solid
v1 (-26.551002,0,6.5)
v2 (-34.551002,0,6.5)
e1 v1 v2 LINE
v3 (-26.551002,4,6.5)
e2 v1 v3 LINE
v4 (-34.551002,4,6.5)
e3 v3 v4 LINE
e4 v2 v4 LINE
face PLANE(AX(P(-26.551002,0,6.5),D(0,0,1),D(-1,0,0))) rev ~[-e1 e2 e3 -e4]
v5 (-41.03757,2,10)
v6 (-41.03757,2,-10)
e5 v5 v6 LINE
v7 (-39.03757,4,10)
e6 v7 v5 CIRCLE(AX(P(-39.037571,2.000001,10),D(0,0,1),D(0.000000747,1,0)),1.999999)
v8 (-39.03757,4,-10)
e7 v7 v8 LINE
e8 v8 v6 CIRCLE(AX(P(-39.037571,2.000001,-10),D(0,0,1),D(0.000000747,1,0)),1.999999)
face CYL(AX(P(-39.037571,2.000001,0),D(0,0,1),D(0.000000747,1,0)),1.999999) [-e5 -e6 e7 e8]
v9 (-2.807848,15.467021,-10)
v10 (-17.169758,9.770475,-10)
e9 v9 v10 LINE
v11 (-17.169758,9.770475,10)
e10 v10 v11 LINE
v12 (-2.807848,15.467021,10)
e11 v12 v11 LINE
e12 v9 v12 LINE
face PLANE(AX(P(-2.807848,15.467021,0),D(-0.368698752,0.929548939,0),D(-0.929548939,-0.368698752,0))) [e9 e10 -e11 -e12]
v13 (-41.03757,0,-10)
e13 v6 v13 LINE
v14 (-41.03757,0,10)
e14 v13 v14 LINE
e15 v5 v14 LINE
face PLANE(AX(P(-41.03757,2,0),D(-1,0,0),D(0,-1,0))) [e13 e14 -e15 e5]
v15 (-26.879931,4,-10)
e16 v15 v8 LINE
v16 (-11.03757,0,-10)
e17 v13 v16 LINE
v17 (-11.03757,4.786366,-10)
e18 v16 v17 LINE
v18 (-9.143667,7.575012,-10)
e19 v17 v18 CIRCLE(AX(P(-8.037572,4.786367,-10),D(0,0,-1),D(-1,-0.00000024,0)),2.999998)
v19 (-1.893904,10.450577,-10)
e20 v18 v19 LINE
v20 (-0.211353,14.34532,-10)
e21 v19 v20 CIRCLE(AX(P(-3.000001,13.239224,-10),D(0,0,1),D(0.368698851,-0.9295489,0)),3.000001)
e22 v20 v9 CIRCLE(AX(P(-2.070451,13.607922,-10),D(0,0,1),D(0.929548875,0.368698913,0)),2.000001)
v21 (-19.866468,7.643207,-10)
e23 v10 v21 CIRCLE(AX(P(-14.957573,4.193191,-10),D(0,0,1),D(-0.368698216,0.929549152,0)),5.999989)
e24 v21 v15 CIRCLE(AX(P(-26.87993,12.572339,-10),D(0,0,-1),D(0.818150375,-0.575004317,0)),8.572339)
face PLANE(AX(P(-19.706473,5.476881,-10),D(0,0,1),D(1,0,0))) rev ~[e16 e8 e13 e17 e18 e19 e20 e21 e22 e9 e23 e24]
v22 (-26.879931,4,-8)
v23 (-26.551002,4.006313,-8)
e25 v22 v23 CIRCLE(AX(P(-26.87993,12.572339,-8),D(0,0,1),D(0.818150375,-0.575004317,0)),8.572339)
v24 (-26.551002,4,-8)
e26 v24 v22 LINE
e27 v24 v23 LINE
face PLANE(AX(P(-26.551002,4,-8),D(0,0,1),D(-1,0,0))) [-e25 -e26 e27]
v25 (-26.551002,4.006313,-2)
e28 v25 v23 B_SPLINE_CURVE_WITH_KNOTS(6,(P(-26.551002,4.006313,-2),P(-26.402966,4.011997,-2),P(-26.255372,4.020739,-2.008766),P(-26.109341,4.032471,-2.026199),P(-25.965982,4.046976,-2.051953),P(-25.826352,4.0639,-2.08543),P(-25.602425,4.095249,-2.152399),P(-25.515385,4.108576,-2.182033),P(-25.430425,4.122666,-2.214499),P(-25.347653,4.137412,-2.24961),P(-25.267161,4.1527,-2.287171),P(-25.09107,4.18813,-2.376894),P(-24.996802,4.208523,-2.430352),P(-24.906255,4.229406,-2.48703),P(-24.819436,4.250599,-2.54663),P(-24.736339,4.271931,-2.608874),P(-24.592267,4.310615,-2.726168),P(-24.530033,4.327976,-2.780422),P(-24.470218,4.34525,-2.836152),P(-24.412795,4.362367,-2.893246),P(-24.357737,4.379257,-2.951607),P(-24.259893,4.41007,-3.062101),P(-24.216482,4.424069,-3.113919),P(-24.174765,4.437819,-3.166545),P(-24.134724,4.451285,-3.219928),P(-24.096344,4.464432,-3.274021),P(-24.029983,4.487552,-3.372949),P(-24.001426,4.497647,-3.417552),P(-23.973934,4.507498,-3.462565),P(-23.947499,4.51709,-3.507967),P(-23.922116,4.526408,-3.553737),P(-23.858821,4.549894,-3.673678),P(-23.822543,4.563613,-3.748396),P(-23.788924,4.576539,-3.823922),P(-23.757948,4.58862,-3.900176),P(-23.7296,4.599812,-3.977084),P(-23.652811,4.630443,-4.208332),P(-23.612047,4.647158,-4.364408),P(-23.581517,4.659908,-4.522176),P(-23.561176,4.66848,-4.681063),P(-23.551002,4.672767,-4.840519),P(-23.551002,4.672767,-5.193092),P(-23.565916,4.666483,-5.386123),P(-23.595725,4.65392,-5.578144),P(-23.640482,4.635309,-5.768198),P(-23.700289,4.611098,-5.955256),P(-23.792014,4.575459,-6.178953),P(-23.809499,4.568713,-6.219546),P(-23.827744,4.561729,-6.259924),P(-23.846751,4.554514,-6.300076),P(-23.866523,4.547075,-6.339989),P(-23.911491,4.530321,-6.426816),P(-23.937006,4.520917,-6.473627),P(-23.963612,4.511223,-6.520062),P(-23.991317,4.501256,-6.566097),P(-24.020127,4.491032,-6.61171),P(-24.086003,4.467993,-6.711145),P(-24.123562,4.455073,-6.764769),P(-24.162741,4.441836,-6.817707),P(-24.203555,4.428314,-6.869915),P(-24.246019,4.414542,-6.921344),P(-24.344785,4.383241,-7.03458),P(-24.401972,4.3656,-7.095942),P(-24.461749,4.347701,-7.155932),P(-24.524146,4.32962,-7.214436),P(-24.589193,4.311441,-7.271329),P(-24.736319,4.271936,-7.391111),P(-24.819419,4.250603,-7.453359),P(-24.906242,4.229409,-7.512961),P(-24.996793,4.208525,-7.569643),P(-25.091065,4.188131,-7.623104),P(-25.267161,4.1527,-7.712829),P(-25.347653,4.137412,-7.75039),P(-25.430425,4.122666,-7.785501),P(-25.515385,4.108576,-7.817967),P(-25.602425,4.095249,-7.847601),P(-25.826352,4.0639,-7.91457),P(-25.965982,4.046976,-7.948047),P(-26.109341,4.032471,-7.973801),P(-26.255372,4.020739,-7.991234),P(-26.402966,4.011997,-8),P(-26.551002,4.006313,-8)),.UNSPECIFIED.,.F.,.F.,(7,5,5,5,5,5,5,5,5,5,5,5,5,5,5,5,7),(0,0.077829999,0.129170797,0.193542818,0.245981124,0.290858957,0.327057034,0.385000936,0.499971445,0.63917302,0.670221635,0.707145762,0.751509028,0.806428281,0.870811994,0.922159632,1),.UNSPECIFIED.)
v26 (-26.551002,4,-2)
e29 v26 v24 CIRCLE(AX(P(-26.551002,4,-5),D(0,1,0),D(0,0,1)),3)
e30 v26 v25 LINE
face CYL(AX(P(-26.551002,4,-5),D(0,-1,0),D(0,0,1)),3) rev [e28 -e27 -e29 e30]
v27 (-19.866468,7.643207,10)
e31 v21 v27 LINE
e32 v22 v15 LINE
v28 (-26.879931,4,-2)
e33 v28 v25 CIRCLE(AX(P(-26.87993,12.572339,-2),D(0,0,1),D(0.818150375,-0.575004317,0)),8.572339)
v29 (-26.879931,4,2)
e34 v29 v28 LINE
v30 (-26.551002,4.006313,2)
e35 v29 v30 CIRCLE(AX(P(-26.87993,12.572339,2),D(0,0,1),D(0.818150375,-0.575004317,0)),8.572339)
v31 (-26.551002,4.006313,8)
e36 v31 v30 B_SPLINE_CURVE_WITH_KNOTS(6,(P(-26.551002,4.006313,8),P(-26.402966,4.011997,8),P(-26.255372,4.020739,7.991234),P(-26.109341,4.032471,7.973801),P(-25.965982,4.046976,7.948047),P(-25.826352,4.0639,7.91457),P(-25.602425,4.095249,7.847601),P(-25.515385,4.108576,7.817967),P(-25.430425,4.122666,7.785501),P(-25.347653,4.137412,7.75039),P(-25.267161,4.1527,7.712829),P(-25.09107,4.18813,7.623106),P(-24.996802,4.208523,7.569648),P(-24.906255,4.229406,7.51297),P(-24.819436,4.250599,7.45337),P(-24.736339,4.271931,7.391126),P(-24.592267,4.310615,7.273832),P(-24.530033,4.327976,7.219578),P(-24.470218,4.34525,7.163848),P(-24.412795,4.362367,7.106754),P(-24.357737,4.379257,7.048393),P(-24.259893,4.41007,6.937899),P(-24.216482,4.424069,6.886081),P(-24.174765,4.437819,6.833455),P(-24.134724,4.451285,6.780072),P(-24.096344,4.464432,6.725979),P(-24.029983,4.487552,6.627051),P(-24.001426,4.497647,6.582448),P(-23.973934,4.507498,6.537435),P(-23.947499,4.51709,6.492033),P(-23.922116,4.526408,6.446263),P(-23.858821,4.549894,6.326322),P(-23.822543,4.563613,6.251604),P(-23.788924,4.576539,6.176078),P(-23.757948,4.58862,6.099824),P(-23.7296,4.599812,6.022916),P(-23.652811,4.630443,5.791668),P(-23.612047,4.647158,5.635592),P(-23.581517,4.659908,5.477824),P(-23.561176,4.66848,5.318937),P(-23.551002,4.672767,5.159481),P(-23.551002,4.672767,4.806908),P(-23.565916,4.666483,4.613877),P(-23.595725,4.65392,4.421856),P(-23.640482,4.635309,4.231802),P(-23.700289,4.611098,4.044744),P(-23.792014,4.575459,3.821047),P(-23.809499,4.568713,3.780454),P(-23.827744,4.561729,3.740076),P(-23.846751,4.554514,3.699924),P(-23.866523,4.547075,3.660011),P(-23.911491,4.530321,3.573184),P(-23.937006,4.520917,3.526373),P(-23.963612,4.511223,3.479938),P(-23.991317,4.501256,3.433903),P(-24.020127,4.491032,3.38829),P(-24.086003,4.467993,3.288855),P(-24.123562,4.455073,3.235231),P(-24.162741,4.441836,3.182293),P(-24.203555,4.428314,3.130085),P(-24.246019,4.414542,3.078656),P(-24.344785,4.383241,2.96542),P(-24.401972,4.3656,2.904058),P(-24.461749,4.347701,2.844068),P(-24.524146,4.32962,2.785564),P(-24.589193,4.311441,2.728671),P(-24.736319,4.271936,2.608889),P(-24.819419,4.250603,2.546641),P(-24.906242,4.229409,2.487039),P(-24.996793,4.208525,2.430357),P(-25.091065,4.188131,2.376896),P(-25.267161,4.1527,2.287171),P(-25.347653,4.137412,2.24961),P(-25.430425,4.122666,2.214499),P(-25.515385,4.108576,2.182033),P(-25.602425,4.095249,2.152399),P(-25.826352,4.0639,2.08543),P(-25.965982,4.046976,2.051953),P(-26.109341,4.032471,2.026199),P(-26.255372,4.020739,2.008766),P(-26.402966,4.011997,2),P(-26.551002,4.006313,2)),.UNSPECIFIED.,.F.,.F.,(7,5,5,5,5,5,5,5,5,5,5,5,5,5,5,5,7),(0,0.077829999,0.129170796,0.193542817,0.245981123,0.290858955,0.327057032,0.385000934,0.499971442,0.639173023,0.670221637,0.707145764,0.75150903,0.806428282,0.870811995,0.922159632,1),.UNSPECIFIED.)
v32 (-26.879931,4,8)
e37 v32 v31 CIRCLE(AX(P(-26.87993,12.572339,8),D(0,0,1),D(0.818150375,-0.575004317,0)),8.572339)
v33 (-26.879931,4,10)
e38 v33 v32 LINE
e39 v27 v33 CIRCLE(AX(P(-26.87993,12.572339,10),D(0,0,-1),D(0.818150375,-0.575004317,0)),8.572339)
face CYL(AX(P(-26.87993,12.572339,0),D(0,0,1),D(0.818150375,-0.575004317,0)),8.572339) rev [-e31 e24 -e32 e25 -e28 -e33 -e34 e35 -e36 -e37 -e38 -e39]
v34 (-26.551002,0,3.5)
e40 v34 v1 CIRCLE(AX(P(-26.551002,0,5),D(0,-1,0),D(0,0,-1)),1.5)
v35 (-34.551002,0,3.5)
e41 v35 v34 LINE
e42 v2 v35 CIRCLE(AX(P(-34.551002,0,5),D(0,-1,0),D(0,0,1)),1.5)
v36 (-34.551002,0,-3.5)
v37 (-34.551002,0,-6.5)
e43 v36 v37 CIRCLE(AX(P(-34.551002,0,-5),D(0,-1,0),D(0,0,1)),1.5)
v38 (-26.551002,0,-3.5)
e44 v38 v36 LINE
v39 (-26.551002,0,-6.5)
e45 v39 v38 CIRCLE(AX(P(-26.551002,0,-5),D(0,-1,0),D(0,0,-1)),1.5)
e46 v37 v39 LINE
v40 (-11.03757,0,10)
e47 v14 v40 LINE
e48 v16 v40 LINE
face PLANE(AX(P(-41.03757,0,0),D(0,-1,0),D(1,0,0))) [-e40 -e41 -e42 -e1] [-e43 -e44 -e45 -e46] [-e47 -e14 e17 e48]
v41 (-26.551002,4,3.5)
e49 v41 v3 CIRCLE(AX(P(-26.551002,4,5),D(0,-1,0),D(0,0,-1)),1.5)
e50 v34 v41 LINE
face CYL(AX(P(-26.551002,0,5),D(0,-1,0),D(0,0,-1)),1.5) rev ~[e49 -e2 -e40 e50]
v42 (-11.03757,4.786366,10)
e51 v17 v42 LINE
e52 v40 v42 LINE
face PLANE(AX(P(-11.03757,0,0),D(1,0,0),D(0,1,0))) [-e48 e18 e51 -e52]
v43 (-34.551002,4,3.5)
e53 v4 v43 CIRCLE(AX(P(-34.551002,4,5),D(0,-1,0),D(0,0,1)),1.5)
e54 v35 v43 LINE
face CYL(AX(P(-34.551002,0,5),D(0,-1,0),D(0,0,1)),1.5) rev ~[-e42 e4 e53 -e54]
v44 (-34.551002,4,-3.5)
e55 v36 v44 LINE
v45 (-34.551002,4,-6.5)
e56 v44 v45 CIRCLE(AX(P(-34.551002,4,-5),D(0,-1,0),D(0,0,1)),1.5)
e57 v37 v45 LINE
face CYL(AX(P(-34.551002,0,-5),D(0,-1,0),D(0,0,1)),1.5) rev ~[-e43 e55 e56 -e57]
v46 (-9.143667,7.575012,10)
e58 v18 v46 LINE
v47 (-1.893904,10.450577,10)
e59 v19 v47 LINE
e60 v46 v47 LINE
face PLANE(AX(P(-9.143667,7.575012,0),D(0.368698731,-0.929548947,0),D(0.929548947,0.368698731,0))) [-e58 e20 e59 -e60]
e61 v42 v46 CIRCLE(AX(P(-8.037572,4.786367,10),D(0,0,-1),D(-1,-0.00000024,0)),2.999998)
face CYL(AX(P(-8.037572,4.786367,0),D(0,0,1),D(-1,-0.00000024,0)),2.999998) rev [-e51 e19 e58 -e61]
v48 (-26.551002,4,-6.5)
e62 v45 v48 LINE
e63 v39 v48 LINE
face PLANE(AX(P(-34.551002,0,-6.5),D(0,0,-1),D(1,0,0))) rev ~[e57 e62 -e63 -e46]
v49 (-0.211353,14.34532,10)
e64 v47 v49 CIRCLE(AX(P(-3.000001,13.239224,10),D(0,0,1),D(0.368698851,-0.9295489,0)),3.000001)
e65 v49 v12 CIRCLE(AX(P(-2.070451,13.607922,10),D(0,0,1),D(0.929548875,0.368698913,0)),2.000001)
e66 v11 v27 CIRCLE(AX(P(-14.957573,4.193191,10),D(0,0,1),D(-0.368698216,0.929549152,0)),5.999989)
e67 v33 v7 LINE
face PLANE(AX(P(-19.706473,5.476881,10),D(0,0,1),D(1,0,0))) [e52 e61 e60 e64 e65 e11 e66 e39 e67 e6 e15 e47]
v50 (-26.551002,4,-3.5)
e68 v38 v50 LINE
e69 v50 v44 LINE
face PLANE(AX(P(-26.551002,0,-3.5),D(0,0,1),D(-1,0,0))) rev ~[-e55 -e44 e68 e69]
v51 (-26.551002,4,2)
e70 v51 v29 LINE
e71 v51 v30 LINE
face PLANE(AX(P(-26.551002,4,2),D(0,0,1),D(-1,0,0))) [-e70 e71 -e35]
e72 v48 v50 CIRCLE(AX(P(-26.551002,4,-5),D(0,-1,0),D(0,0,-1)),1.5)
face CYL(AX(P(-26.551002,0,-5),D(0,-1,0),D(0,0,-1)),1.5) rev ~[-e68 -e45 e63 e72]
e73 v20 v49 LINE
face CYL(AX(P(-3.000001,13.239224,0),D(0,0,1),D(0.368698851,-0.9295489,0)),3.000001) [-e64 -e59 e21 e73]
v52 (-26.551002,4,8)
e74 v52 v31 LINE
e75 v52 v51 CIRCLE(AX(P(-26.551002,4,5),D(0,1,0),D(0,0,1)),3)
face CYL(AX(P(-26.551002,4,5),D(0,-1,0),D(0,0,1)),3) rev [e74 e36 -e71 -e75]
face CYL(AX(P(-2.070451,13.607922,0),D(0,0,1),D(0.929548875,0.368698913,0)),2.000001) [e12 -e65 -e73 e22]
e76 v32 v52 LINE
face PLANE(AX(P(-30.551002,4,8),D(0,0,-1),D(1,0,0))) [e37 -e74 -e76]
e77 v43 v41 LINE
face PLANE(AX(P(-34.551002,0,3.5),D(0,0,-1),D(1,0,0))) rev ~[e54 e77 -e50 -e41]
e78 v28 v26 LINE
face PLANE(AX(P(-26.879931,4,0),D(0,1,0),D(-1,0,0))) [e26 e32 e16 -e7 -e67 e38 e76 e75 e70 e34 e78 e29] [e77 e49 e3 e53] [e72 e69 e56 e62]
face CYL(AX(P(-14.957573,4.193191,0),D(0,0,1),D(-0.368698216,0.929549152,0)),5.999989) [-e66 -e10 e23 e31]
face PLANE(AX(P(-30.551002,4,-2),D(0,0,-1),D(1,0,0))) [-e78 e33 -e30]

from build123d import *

# Parameters (mm, degrees)
F2_DEPTH = 10
F4_DEPTH = 25
F6_DEPTH = 25


with BuildPart() as f2:
    # F1 (on Top) → F2 (new body, symmetric)
    with BuildSketch(Plane.XY):
        with BuildLine():
            Line((-41.03757, 2), (-41.03757, 0))
            Line((-41.03757, 0), (-11.03757, 0))
            Line((-11.03757, 0), (-11.03757, 4.786366))
            ThreePointArc((-11.03757, 4.786366), (-10.519333, 6.471849), (-9.143667, 7.575012))
            Line((-9.143667, 7.575012), (-1.893904, 10.450577))
            ThreePointArc((-1.893904, 10.450577), (-0.246001, 12.049481), (-0.211353, 14.34532))
            ThreePointArc((-0.211353, 14.34532), (-1.277289, 15.443922), (-2.807848, 15.467021))
            Line((-2.807848, 15.467021), (-17.169758, 9.770475))
            ThreePointArc((-17.169758, 9.770475), (-18.673587, 8.903934), (-19.866468, 7.643207))
            ThreePointArc((-19.866468, 7.643207), (-22.928298, 4.965132), (-26.879931, 4))
            Line((-26.879931, 4), (-39.03757, 4))
            ThreePointArc((-39.03757, 4), (-40.451784, 3.414214), (-41.03757, 2))
        make_face()
    extrude(amount=F2_DEPTH, both=True)

    # F3 (on Front) → F4 (cut)
    with BuildSketch(Plane.XZ):
        with BuildLine():
            ThreePointArc((-34.551002, 6.5), (-36.051002, 5), (-34.551002, 3.5))
            Line((-34.551002, 3.5), (-26.551002, 3.5))
            ThreePointArc((-26.551002, 3.5), (-25.051002, 5), (-26.551002, 6.5))
            Line((-26.551002, 6.5), (-34.551002, 6.5))
        make_face()
        with BuildLine():
            ThreePointArc((-34.551002, -3.5), (-36.051002, -5), (-34.551002, -6.5))
            Line((-34.551002, -6.5), (-26.551002, -6.5))
            ThreePointArc((-26.551002, -6.5), (-25.051002, -5), (-26.551002, -3.5))
            Line((-26.551002, -3.5), (-34.551002, -3.5))
        make_face()
    extrude(amount=-F4_DEPTH, mode=Mode.SUBTRACT)

    # F5 (on face) → F6 (cut)
    with BuildSketch(Plane(origin=(0, 4, 0), x_dir=(-1, 0, 0), z_dir=(0, 1, 0))):
        with BuildLine():
            Line((30.551002, -2), (26.551002, -2))
            ThreePointArc((26.551002, -2), (23.551002, -5), (26.551002, -8))
            Line((26.551002, -8), (30.551002, -8))
            Line((30.551002, -8), (30.551002, -2))
        make_face()
        with BuildLine():
            Line((30.551002, 8), (26.551002, 8))
            ThreePointArc((26.551002, 8), (23.551002, 5), (26.551002, 2))
            Line((26.551002, 2), (30.551002, 2))
            Line((30.551002, 2), (30.551002, 8))
        make_face()
    extrude(amount=F6_DEPTH, mode=Mode.SUBTRACT)


solid = f2.part
